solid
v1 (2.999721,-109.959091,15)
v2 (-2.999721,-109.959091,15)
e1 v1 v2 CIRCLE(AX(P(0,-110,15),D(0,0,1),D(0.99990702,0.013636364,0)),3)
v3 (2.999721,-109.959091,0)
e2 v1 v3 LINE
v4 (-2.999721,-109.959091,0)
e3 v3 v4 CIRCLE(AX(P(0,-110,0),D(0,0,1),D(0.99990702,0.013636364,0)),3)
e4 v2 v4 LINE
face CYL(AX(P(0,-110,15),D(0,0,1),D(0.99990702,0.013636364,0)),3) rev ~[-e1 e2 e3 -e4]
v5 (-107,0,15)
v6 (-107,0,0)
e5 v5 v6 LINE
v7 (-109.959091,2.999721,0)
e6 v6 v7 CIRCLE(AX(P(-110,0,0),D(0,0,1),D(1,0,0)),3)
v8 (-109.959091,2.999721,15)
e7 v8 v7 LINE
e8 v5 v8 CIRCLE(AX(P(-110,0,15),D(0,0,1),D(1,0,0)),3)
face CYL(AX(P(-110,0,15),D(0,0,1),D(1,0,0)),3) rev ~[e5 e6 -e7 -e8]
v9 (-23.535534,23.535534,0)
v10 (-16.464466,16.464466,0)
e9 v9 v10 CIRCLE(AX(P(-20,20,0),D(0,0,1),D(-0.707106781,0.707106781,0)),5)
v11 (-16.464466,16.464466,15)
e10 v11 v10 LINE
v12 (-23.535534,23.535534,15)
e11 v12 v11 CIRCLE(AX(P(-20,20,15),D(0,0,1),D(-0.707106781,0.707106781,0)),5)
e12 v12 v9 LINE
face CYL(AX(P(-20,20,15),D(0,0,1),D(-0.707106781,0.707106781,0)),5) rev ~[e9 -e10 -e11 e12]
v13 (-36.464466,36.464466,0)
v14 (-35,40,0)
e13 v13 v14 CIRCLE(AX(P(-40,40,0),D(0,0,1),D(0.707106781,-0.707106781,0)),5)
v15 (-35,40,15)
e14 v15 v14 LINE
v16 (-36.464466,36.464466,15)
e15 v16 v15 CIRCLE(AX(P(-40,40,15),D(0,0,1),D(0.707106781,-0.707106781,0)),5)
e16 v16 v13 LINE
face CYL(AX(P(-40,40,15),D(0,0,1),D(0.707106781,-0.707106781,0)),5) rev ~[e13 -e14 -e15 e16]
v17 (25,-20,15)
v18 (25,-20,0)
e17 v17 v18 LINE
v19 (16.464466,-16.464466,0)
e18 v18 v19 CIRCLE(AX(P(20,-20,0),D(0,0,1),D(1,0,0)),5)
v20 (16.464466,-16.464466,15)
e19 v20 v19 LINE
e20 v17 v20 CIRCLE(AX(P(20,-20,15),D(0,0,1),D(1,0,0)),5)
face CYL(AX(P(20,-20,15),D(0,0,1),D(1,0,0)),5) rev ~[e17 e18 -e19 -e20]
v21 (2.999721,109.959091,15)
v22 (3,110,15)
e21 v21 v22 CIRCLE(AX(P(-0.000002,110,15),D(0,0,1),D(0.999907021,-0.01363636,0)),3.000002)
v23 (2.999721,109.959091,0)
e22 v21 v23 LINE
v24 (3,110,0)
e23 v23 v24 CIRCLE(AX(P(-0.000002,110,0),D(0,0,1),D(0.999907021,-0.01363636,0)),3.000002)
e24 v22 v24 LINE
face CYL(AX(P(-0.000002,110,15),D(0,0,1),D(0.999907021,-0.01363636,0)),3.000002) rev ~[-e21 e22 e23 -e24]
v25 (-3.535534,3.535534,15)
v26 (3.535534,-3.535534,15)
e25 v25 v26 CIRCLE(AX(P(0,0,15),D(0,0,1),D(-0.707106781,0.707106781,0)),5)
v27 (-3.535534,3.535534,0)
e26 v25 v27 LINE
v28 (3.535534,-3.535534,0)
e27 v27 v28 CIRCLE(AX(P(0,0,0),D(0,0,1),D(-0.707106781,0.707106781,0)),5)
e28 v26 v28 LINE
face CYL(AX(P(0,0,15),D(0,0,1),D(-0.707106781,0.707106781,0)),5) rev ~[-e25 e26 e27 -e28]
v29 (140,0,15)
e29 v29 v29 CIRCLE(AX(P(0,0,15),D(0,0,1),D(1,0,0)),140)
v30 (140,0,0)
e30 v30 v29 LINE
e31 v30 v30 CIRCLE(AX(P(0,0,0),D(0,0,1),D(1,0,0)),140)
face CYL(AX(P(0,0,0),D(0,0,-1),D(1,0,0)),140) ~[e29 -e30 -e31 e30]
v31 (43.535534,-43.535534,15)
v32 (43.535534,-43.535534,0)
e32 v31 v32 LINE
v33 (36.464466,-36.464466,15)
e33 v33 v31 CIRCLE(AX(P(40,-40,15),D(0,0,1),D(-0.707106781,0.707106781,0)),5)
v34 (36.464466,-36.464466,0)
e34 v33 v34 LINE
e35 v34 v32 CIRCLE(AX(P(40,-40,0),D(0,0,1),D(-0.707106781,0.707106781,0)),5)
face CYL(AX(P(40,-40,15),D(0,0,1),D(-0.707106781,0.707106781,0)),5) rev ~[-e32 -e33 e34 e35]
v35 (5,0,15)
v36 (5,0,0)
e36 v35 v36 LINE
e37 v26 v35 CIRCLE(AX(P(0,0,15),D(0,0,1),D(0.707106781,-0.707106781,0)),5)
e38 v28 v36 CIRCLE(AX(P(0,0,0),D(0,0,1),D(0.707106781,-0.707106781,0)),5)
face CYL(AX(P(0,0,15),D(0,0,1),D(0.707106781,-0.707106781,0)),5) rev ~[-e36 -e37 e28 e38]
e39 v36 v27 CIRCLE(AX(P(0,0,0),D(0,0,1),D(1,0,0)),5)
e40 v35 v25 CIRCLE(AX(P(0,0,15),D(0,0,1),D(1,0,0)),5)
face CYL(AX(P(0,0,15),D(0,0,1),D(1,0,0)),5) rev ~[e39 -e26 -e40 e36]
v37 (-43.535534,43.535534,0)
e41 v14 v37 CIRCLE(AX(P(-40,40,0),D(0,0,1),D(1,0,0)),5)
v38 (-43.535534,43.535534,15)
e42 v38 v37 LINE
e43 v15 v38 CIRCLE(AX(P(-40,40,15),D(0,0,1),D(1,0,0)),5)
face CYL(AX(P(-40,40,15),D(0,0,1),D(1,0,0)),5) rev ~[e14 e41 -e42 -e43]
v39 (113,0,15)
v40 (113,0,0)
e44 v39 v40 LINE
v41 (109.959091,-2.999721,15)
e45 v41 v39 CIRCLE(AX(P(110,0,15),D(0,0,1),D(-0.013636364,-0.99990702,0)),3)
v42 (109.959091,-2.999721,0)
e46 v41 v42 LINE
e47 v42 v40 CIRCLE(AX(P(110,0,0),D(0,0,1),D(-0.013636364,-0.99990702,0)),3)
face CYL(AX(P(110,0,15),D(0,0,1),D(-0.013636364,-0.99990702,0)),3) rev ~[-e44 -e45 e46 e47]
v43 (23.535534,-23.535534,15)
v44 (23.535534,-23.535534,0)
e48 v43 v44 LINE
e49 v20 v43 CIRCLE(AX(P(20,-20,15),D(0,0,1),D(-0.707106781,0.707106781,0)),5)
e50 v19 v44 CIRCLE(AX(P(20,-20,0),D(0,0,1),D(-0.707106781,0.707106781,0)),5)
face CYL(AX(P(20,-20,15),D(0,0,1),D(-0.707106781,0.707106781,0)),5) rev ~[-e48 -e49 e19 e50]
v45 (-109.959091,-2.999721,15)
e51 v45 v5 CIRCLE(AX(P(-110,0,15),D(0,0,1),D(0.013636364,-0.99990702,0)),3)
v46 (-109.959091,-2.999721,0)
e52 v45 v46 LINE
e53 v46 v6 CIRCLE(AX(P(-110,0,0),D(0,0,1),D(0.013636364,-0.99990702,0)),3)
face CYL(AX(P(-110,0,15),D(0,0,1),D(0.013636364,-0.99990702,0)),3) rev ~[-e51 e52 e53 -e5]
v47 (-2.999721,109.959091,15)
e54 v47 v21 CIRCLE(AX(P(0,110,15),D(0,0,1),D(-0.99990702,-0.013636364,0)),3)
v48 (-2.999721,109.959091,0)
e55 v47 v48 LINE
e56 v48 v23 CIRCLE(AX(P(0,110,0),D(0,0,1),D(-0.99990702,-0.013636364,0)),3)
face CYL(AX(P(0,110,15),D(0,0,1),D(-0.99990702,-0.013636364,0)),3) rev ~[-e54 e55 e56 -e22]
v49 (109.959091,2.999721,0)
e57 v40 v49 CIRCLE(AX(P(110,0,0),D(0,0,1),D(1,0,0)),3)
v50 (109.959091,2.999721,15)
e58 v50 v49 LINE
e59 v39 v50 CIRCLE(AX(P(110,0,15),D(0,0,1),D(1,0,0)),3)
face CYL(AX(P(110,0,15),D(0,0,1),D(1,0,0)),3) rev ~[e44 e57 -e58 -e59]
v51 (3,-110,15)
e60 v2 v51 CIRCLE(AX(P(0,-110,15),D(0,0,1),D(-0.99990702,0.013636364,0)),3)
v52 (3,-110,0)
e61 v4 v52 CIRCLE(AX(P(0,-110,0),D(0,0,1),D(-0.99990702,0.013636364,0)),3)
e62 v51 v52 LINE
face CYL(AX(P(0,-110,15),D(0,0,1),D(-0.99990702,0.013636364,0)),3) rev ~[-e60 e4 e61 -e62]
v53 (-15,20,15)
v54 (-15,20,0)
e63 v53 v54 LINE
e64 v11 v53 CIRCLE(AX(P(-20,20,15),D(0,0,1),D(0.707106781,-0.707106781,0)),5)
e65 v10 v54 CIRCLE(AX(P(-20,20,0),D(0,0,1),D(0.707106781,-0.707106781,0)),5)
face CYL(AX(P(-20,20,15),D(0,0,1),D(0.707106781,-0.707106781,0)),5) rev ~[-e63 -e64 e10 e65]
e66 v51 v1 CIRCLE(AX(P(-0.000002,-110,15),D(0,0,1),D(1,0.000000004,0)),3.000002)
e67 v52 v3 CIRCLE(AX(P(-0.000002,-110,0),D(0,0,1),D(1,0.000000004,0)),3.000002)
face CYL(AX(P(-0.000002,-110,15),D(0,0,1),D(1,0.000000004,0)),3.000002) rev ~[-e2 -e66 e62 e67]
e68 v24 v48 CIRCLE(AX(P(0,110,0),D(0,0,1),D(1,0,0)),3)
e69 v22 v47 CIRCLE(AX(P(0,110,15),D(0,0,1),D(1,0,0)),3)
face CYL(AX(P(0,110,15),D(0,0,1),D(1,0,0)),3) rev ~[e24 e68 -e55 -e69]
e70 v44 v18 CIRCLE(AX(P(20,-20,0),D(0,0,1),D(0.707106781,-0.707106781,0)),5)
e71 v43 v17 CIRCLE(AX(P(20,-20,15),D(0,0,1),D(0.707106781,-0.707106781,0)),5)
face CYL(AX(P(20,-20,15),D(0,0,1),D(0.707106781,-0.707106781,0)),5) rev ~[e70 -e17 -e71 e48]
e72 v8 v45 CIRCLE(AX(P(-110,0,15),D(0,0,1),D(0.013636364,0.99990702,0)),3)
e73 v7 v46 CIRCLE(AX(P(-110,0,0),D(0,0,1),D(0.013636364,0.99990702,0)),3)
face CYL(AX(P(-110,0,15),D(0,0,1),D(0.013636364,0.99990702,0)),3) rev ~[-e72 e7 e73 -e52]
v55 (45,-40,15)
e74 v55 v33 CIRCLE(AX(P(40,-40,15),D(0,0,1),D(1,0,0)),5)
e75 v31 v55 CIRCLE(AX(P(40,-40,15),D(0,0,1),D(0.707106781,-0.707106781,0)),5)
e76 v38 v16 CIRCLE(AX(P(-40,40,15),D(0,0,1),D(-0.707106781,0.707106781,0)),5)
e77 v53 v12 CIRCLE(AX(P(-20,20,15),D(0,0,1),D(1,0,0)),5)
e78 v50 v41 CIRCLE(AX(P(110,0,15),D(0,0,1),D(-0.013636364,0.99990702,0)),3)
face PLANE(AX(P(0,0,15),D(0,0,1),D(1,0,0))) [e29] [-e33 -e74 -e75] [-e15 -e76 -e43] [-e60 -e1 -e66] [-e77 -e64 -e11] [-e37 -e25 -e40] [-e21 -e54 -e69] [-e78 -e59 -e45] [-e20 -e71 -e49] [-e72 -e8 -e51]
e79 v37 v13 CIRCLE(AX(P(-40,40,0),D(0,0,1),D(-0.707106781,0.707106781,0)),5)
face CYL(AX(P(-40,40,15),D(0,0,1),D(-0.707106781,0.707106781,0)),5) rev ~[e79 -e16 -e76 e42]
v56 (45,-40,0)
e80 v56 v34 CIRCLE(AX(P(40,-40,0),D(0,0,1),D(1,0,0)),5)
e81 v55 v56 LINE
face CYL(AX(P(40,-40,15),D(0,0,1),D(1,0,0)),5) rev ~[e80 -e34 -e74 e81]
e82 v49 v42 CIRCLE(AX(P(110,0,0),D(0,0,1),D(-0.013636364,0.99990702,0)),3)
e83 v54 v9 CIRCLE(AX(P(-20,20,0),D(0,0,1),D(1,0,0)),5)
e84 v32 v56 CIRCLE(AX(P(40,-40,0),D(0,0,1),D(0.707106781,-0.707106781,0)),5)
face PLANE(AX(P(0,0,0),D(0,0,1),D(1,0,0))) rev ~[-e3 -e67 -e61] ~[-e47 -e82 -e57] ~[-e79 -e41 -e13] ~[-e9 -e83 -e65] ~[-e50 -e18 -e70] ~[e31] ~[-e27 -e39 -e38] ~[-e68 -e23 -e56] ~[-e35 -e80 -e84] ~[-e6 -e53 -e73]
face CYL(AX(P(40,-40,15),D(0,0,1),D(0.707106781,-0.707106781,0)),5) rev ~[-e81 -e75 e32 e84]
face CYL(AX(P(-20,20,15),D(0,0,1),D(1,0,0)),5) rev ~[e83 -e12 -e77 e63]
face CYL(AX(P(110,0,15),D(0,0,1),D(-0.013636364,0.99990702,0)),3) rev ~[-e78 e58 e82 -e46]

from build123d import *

# Parameters (mm, degrees)
F0_R     = 140
F1_DEPTH = 15
F3_DEPTH = 15.001
F5_DEPTH = 15.001


with BuildPart() as f1:
    # F0 (on Top) → F1 (new body)
    with BuildSketch(Plane.XY):
        Circle(F0_R)
    extrude(amount=F1_DEPTH)

    # F2 (on face) → F3 (cut, through all)
    with BuildSketch(Plane.XY.offset(15)):
        with BuildLine():
            ThreePointArc((-107, 0), (-107.8642650828, 2.1068071491), (-109.9590909091, 2.9997210614))
            ThreePointArc((-109.9590909091, 2.9997210614), (-110, 0), (-109.9590909091, -2.9997210614))
            ThreePointArc((-109.9590909091, -2.9997210614), (-107.8642650828, -2.1068071491), (-107, 0))
        make_face()
        with BuildLine():
            ThreePointArc((-109.9590909091, -2.9997210614), (-110, 0), (-109.9590909091, 2.9997210614))
            ThreePointArc((-109.9590909091, 2.9997210614), (-113, 0), (-109.9590909091, -2.9997210614))
        make_face()
        with BuildLine():
            ThreePointArc((-2.9997210614, 109.9590909091), (0, 110), (2.9997210614, 109.9590909091))
            ThreePointArc((2.9997210614, 109.9590909091), (2.9999302645, 109.9795449791), (3, 110))
            ThreePointArc((3, 110), (-0.0204550209, 112.9999302645), (-2.9997210614, 109.9590909091))
        make_face()
        with BuildLine():
            ThreePointArc((-2.9997210614, 109.9590909091), (0, 107), (2.9997210614, 109.9590909091))
            ThreePointArc((2.9997210614, 109.9590909091), (0, 110), (-2.9997210614, 109.9590909091))
        make_face()
        with BuildLine():
            ThreePointArc((-2.9997210614, -109.9590909091), (0, -110), (2.9997210614, -109.9590909091))
            ThreePointArc((2.9997210614, -109.9590909091), (0, -107), (-2.9997210614, -109.9590909091))
        make_face()
        with BuildLine():
            ThreePointArc((3, -110), (2.9999302645, -109.9795449791), (2.9997210614, -109.9590909091))
            ThreePointArc((2.9997210614, -109.9590909091), (0, -110), (-2.9997210614, -109.9590909091))
            ThreePointArc((-2.9997210614, -109.9590909091), (-0.0204550209, -112.9999302645), (3, -110))
        make_face()
        with BuildLine():
            ThreePointArc((109.9590909091, -2.9997210614), (109.9897722518, -1.5), (110, 0))
            ThreePointArc((110, 0), (109.9897722518, 1.5), (109.9590909091, 2.9997210614))
            ThreePointArc((109.9590909091, 2.9997210614), (107, 0), (109.9590909091, -2.9997210614))
        make_face()
        with BuildLine():
            ThreePointArc((109.9590909091, 2.9997210614), (109.9897722518, 1.5), (110, 0))
            ThreePointArc((110, 0), (109.9897722518, -1.5), (109.9590909091, -2.9997210614))
            ThreePointArc((109.9590909091, -2.9997210614), (112.1068071491, -2.1357349172), (113, 0))
            ThreePointArc((113, 0), (112.1068071491, 2.1357349172), (109.9590909091, 2.9997210614))
        make_face()
    extrude(amount=-F3_DEPTH, mode=Mode.SUBTRACT)

    # F4 (on face) → F5 (cut, through all)
    with BuildSketch(Plane.XY.offset(15)):
        with BuildLine():
            Line((3.5355339059, -3.5355339059), (0, 0))
            Line((0, 0), (-3.5355339059, 3.5355339059))
            ThreePointArc((-3.5355339059, 3.5355339059), (-3.5355339059, -3.5355339059), (3.5355339059, -3.5355339059))
        make_face()
        with BuildLine():
            Line((-3.5355339059, 3.5355339059), (0, 0))
            Line((0, 0), (3.5355339059, -3.5355339059))
            ThreePointArc((3.5355339059, -3.5355339059), (4.6193976626, -1.9134171618), (5, 0))
            ThreePointArc((5, 0), (1.9134171618, 4.6193976626), (-3.5355339059, 3.5355339059))
        make_face()
        with BuildLine():
            ThreePointArc((-43.5355339059, 43.5355339059), (-43.5355339059, 36.4644660941), (-36.4644660941, 36.4644660941))
            Line((-36.4644660941, 36.4644660941), (-43.5355339059, 43.5355339059))
        make_face()
        with BuildLine():
            Line((-43.5355339059, 43.5355339059), (-36.4644660941, 36.4644660941))
            ThreePointArc((-36.4644660941, 36.4644660941), (-35.3806023374, 38.0865828382), (-35, 40))
            ThreePointArc((-35, 40), (-38.0865828382, 44.6193976626), (-43.5355339059, 43.5355339059))
        make_face()
        with BuildLine():
            ThreePointArc((-23.5355339059, 23.5355339059), (-23.5355339059, 16.4644660941), (-16.4644660941, 16.4644660941))
            Line((-16.4644660941, 16.4644660941), (-23.5355339059, 23.5355339059))
        make_face()
        with BuildLine():
            Line((-23.5355339059, 23.5355339059), (-16.4644660941, 16.4644660941))
            ThreePointArc((-16.4644660941, 16.4644660941), (-15.3806023374, 18.0865828382), (-15, 20))
            ThreePointArc((-15, 20), (-18.0865828382, 24.6193976626), (-23.5355339059, 23.5355339059))
        make_face()
        with BuildLine():
            ThreePointArc((45, -40), (41.9134171618, -35.3806023374), (36.4644660941, -36.4644660941))
            Line((36.4644660941, -36.4644660941), (43.5355339059, -43.5355339059))
            ThreePointArc((43.5355339059, -43.5355339059), (44.6193976626, -41.9134171618), (45, -40))
        make_face()
        with BuildLine():
            Line((43.5355339059, -43.5355339059), (36.4644660941, -36.4644660941))
            ThreePointArc((36.4644660941, -36.4644660941), (36.4644660941, -43.5355339059), (43.5355339059, -43.5355339059))
        make_face()
        with BuildLine():
            ThreePointArc((25, -20), (21.9134171618, -15.3806023374), (16.4644660941, -16.4644660941))
            Line((16.4644660941, -16.4644660941), (23.5355339059, -23.5355339059))
            ThreePointArc((23.5355339059, -23.5355339059), (24.6193976626, -21.9134171618), (25, -20))
        make_face()
        with BuildLine():
            Line((23.5355339059, -23.5355339059), (16.4644660941, -16.4644660941))
            ThreePointArc((16.4644660941, -16.4644660941), (16.4644660941, -23.5355339059), (23.5355339059, -23.5355339059))
        make_face()
    extrude(amount=-F5_DEPTH, mode=Mode.SUBTRACT)


solid = f1.part
